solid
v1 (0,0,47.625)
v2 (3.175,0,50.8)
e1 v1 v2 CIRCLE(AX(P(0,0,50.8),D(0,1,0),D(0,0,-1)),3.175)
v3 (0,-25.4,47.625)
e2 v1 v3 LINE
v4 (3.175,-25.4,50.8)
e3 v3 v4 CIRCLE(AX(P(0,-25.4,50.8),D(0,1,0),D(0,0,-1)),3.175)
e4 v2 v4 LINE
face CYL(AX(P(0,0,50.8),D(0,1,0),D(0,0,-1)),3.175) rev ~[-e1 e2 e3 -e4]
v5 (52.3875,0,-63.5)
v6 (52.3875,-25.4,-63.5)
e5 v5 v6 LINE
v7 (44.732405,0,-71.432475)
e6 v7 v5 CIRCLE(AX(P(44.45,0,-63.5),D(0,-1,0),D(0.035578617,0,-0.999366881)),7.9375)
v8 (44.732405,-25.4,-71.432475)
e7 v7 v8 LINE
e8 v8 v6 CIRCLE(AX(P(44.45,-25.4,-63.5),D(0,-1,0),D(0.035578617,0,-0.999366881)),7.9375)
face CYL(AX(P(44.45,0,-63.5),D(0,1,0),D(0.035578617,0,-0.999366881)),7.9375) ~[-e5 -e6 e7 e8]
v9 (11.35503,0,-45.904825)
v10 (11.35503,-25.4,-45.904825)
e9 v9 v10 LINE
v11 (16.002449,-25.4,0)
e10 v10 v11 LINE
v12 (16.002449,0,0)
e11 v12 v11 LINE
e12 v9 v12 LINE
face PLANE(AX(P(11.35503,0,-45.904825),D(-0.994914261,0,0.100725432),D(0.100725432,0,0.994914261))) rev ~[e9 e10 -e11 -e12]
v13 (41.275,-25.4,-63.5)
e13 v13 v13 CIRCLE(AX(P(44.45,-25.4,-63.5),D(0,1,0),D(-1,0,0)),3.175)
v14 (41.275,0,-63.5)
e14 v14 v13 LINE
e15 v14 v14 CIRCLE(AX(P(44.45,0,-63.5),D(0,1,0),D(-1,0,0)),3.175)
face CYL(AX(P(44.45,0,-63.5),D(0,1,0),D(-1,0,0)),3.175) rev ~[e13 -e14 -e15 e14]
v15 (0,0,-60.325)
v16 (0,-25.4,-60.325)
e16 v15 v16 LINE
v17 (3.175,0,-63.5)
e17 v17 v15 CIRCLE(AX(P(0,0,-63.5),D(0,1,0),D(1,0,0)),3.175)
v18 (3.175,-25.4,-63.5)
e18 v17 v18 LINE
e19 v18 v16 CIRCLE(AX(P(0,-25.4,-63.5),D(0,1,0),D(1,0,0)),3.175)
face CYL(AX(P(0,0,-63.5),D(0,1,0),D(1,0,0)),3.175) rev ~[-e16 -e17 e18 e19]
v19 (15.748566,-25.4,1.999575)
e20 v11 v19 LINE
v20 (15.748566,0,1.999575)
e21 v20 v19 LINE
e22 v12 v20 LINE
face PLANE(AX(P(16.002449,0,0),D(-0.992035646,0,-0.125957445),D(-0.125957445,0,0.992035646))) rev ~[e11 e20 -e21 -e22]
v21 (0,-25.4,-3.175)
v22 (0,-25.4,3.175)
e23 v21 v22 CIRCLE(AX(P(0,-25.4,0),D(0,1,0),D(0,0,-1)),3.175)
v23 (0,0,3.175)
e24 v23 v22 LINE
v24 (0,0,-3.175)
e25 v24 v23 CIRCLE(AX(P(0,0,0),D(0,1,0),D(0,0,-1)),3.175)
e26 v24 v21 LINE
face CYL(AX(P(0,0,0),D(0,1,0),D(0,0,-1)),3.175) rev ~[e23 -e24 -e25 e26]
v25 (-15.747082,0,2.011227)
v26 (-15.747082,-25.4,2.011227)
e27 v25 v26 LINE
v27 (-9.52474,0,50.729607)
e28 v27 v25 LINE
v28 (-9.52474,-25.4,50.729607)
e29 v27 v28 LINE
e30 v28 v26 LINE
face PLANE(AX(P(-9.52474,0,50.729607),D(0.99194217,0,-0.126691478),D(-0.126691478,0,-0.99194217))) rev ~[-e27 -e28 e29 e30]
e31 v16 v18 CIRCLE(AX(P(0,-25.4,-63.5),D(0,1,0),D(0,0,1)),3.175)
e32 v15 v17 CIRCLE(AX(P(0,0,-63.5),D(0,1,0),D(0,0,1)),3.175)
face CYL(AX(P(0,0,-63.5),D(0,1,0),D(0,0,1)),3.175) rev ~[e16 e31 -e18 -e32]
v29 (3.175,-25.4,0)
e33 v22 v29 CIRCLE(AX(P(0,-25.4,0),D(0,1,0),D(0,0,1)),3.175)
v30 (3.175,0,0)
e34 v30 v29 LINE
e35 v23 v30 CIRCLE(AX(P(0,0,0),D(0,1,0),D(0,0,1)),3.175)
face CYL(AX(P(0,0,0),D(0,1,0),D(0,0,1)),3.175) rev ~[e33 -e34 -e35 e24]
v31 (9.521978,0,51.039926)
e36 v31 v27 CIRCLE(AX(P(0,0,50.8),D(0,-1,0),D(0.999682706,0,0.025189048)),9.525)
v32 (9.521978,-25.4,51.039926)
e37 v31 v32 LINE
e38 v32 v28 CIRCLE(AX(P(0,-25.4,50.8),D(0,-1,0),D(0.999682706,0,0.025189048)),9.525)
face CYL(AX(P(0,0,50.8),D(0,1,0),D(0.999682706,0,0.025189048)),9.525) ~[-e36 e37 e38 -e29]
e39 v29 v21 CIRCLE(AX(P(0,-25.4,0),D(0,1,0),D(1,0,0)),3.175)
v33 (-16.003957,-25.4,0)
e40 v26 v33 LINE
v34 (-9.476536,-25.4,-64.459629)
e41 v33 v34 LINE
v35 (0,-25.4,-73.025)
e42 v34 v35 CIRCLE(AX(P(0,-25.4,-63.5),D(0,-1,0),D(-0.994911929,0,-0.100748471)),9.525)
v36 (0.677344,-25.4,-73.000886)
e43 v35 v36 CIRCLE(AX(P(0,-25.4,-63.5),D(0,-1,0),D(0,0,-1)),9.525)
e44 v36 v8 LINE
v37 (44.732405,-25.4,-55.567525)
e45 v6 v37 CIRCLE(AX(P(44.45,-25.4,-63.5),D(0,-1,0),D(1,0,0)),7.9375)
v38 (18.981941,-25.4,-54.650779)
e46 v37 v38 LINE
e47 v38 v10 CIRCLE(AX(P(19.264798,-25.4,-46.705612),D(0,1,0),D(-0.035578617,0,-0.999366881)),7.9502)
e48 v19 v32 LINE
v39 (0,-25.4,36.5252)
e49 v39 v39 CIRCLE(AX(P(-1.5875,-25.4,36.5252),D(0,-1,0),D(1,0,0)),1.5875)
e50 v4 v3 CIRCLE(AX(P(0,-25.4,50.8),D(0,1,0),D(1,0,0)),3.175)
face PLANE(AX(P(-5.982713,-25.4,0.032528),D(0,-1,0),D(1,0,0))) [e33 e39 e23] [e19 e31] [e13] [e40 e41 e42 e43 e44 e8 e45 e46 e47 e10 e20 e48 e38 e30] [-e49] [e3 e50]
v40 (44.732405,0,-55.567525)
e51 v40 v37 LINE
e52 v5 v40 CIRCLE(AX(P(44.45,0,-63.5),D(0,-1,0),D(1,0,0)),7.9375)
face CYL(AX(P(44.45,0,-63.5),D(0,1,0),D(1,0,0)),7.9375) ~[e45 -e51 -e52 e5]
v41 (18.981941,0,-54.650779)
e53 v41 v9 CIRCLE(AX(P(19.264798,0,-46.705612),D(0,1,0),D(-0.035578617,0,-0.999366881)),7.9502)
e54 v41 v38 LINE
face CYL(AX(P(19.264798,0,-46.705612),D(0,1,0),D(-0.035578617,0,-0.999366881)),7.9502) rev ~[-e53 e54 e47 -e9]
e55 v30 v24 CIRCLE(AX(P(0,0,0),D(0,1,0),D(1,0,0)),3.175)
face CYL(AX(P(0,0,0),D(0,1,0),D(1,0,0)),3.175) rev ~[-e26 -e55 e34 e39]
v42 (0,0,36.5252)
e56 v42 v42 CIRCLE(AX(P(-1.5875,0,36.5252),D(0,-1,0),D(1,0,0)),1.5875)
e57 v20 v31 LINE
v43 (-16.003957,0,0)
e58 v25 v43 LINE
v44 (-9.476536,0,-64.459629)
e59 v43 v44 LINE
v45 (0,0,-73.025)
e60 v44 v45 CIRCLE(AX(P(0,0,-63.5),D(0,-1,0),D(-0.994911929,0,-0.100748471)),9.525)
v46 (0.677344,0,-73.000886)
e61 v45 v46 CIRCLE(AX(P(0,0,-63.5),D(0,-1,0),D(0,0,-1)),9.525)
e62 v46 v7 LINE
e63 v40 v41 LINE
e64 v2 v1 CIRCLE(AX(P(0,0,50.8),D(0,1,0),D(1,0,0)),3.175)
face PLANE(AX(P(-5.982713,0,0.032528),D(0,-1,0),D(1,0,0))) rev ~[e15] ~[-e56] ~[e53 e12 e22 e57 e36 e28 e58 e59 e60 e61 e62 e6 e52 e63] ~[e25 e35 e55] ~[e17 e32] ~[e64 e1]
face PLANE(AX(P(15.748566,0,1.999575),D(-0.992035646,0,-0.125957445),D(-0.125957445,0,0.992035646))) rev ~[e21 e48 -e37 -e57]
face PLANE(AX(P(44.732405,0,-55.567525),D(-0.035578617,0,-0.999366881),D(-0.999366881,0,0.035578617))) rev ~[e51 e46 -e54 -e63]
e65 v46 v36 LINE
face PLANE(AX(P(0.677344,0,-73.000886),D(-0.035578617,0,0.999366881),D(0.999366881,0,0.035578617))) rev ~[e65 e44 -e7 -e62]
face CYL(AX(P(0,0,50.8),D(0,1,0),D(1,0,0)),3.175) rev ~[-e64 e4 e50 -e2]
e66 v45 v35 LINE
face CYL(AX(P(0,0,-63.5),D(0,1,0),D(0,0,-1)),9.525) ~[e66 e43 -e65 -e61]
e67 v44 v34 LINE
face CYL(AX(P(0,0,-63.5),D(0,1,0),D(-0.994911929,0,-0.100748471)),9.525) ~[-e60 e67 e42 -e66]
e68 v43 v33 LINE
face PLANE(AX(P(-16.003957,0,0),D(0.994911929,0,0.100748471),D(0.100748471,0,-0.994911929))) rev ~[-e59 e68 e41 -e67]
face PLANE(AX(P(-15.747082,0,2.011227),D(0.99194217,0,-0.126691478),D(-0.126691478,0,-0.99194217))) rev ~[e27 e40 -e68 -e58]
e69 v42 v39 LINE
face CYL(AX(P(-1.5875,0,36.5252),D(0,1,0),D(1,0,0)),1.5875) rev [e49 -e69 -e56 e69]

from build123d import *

# Parameters (mm, degrees)
F0_R     = 1.5875
F1_DEPTH = 25.4


with BuildPart() as f1:
    # F0 (on Front) → F1 (new body)
    with BuildSketch(Plane.XZ):
        with BuildLine():
            ThreePointArc((0, -3.175), (-3.175, 0), (0, 3.175))
            Line((0, 3.175), (0, 15.875))
            ThreePointArc((0, 15.875), (-10.4901713759, 11.9151974178), (-15.7470819389, 2.0112273392))
            ThreePointArc((-15.7470819389, 2.0112273392), (-11.9151974178, -10.4901713759), (0, -15.875))
            Line((0, -15.875), (0, -3.175))
        make_face()
        with BuildLine():
            Line((0, 15.875), (0, 3.175))
            ThreePointArc((0, 3.175), (2.2450640303, 2.2450640303), (3.175, 0))
            ThreePointArc((3.175, 0), (2.2450640303, -2.2450640303), (0, -3.175))
            Line((0, -3.175), (0, -15.875))
            ThreePointArc((0, -15.875), (11.2253201513, -11.2253201513), (15.875, 0))
            ThreePointArc((15.875, 0), (15.8433599301, 1.0017839713), (15.7485658425, 1.9995746809))
            ThreePointArc((15.7485658425, 1.9995746809), (10.4945790039, 11.9113154828), (0, 15.875))
        make_face()
        with BuildLine():
            ThreePointArc((-15.7470819389, 2.0112273392), (-10.4901713759, 11.9151974178), (0, 15.875))
            Line((0, 15.875), (0, 36.5252))
            Line((0, 36.5252), (0, 41.275))
            ThreePointArc((0, 41.275), (-6.7102581313, 44.0399659164), (-9.5247398797, 50.7296066537))
            Line((-9.5247398797, 50.7296066537), (-15.7470819389, 2.0112273392))
        make_face()
        with Locations((-1.5875, 36.5252)):
            Circle(F0_R, mode=Mode.SUBTRACT)
        with BuildLine():
            Line((0, 36.5252), (0, 15.875))
            ThreePointArc((0, 15.875), (10.4945790039, 11.9113154828), (15.7485658425, 1.9995746809))
            Line((15.7485658425, 1.9995746809), (9.5219777707, 51.0399256846))
            ThreePointArc((9.5219777707, 51.0399256846), (9.5242444127, 50.9199723593), (9.525, 50.8))
            ThreePointArc((9.525, 50.8), (6.7351920908, 44.0648079092), (0, 41.275))
            Line((0, 41.275), (0, 36.5252))
        make_face()
        with BuildLine():
            ThreePointArc((15.875, 0), (11.2253201513, -11.2253201513), (0, -15.875))
            Line((0, -15.875), (0, -53.975))
            ThreePointArc((0, -53.975), (6.7351920908, -56.7648079092), (9.525, -63.5))
            Line((9.525, -63.5), (36.5125, -63.5))
            ThreePointArc((36.5125, -63.5), (38.9380895153, -57.7883672161), (44.7324052746, -55.5675253854))
            Line((44.7324052746, -55.5675253854), (18.9819405343, -54.6507790461))
            ThreePointArc((18.9819405343, -54.6507790461), (13.2729113611, -51.9308376972), (11.3550302967, -45.9048251463))
            Line((11.3550302967, -45.9048251463), (16.0024491774, 0))
            Line((16.0024491774, 0), (15.7485658425, 1.9995746809))
            ThreePointArc((15.7485658425, 1.9995746809), (15.8433599301, 1.0017839713), (15.875, 0))
        make_face()
        with BuildLine():
            Line((0, -53.975), (0, -15.875))
            ThreePointArc((0, -15.875), (-11.9151974178, -10.4901713759), (-15.7470819389, 2.0112273392))
            Line((-15.7470819389, 2.0112273392), (-16.0039571601, 0))
            Line((-16.0039571601, 0), (-9.4765361199, -64.4596291825))
            ThreePointArc((-9.4765361199, -64.4596291825), (-7.0663318972, -57.1130931964), (0, -53.975))
        make_face()
        with BuildLine():
            Line((0, -60.325), (0, -53.975))
            ThreePointArc((0, -53.975), (-7.0663318972, -57.1130931964), (-9.4765361199, -64.4596291825))
            ThreePointArc((-9.4765361199, -64.4596291825), (-6.3869068036, -70.5663318972), (0, -73.025))
            Line((0, -73.025), (0.6773435479, -73.000885786))
            ThreePointArc((0.6773435479, -73.000885786), (6.9705567315, -69.9912990883), (9.525, -63.5))
            Line((9.525, -63.5), (3.175, -63.5))
            ThreePointArc((3.175, -63.5), (-2.2450640303, -65.7450640303), (0, -60.325))
        make_face()
        with BuildLine():
            ThreePointArc((-9.5247398797, 50.7296066537), (-6.7102581313, 44.0399659164), (0, 41.275))
            ThreePointArc((0, 41.275), (6.7351920908, 44.0648079092), (9.525, 50.8))
            ThreePointArc((9.525, 50.8), (9.5242444127, 50.9199723593), (9.5219777707, 51.0399256846))
            ThreePointArc((9.5219777707, 51.0399256846), (-0.1551656616, 60.323736064), (-9.5247398797, 50.7296066537))
        make_face()
        with BuildLine():
            ThreePointArc((3.175, 50.8), (2.2450640303, 48.5549359697), (0, 47.625))
            ThreePointArc((0, 47.625), (-2.2450640303, 53.0450640303), (3.175, 50.8))
        make_face(mode=Mode.SUBTRACT)
        with BuildLine():
            Line((36.5125, -63.5), (9.525, -63.5))
            ThreePointArc((9.525, -63.5), (6.9705567315, -69.9912990883), (0.6773435479, -73.000885786))
            Line((0.6773435479, -73.000885786), (44.7324052746, -71.4324746146))
            ThreePointArc((44.7324052746, -71.4324746146), (38.9380895153, -69.2116327839), (36.5125, -63.5))
        make_face()
        with BuildLine():
            ThreePointArc((44.7324052746, -55.5675253854), (38.9380895153, -57.7883672161), (36.5125, -63.5))
            ThreePointArc((36.5125, -63.5), (38.9380895153, -69.2116327839), (44.7324052746, -71.4324746146))
            ThreePointArc((44.7324052746, -71.4324746146), (50.1616327839, -69.0119104847), (52.3875, -63.5))
            ThreePointArc((52.3875, -63.5), (50.1616327839, -57.9880895153), (44.7324052746, -55.5675253854))
        make_face()
        with BuildLine():
            ThreePointArc((47.625, -63.5), (44.45, -66.675), (41.275, -63.5))
            ThreePointArc((41.275, -63.5), (44.45, -60.325), (47.625, -63.5))
        make_face(mode=Mode.SUBTRACT)
        with BuildLine():
            ThreePointArc((0, -73.025), (0.3388863295, -73.0189695375), (0.6773435479, -73.000885786))
            Line((0.6773435479, -73.000885786), (0, -73.025))
        make_face()
        with BuildLine():
            ThreePointArc((9.525, -63.5), (6.7351920908, -56.7648079092), (0, -53.975))
            Line((0, -53.975), (0, -60.325))
            ThreePointArc((0, -60.325), (2.2450640303, -61.2549359697), (3.175, -63.5))
            Line((3.175, -63.5), (9.525, -63.5))
        make_face()
    extrude(amount=F1_DEPTH)


solid = f1.part
